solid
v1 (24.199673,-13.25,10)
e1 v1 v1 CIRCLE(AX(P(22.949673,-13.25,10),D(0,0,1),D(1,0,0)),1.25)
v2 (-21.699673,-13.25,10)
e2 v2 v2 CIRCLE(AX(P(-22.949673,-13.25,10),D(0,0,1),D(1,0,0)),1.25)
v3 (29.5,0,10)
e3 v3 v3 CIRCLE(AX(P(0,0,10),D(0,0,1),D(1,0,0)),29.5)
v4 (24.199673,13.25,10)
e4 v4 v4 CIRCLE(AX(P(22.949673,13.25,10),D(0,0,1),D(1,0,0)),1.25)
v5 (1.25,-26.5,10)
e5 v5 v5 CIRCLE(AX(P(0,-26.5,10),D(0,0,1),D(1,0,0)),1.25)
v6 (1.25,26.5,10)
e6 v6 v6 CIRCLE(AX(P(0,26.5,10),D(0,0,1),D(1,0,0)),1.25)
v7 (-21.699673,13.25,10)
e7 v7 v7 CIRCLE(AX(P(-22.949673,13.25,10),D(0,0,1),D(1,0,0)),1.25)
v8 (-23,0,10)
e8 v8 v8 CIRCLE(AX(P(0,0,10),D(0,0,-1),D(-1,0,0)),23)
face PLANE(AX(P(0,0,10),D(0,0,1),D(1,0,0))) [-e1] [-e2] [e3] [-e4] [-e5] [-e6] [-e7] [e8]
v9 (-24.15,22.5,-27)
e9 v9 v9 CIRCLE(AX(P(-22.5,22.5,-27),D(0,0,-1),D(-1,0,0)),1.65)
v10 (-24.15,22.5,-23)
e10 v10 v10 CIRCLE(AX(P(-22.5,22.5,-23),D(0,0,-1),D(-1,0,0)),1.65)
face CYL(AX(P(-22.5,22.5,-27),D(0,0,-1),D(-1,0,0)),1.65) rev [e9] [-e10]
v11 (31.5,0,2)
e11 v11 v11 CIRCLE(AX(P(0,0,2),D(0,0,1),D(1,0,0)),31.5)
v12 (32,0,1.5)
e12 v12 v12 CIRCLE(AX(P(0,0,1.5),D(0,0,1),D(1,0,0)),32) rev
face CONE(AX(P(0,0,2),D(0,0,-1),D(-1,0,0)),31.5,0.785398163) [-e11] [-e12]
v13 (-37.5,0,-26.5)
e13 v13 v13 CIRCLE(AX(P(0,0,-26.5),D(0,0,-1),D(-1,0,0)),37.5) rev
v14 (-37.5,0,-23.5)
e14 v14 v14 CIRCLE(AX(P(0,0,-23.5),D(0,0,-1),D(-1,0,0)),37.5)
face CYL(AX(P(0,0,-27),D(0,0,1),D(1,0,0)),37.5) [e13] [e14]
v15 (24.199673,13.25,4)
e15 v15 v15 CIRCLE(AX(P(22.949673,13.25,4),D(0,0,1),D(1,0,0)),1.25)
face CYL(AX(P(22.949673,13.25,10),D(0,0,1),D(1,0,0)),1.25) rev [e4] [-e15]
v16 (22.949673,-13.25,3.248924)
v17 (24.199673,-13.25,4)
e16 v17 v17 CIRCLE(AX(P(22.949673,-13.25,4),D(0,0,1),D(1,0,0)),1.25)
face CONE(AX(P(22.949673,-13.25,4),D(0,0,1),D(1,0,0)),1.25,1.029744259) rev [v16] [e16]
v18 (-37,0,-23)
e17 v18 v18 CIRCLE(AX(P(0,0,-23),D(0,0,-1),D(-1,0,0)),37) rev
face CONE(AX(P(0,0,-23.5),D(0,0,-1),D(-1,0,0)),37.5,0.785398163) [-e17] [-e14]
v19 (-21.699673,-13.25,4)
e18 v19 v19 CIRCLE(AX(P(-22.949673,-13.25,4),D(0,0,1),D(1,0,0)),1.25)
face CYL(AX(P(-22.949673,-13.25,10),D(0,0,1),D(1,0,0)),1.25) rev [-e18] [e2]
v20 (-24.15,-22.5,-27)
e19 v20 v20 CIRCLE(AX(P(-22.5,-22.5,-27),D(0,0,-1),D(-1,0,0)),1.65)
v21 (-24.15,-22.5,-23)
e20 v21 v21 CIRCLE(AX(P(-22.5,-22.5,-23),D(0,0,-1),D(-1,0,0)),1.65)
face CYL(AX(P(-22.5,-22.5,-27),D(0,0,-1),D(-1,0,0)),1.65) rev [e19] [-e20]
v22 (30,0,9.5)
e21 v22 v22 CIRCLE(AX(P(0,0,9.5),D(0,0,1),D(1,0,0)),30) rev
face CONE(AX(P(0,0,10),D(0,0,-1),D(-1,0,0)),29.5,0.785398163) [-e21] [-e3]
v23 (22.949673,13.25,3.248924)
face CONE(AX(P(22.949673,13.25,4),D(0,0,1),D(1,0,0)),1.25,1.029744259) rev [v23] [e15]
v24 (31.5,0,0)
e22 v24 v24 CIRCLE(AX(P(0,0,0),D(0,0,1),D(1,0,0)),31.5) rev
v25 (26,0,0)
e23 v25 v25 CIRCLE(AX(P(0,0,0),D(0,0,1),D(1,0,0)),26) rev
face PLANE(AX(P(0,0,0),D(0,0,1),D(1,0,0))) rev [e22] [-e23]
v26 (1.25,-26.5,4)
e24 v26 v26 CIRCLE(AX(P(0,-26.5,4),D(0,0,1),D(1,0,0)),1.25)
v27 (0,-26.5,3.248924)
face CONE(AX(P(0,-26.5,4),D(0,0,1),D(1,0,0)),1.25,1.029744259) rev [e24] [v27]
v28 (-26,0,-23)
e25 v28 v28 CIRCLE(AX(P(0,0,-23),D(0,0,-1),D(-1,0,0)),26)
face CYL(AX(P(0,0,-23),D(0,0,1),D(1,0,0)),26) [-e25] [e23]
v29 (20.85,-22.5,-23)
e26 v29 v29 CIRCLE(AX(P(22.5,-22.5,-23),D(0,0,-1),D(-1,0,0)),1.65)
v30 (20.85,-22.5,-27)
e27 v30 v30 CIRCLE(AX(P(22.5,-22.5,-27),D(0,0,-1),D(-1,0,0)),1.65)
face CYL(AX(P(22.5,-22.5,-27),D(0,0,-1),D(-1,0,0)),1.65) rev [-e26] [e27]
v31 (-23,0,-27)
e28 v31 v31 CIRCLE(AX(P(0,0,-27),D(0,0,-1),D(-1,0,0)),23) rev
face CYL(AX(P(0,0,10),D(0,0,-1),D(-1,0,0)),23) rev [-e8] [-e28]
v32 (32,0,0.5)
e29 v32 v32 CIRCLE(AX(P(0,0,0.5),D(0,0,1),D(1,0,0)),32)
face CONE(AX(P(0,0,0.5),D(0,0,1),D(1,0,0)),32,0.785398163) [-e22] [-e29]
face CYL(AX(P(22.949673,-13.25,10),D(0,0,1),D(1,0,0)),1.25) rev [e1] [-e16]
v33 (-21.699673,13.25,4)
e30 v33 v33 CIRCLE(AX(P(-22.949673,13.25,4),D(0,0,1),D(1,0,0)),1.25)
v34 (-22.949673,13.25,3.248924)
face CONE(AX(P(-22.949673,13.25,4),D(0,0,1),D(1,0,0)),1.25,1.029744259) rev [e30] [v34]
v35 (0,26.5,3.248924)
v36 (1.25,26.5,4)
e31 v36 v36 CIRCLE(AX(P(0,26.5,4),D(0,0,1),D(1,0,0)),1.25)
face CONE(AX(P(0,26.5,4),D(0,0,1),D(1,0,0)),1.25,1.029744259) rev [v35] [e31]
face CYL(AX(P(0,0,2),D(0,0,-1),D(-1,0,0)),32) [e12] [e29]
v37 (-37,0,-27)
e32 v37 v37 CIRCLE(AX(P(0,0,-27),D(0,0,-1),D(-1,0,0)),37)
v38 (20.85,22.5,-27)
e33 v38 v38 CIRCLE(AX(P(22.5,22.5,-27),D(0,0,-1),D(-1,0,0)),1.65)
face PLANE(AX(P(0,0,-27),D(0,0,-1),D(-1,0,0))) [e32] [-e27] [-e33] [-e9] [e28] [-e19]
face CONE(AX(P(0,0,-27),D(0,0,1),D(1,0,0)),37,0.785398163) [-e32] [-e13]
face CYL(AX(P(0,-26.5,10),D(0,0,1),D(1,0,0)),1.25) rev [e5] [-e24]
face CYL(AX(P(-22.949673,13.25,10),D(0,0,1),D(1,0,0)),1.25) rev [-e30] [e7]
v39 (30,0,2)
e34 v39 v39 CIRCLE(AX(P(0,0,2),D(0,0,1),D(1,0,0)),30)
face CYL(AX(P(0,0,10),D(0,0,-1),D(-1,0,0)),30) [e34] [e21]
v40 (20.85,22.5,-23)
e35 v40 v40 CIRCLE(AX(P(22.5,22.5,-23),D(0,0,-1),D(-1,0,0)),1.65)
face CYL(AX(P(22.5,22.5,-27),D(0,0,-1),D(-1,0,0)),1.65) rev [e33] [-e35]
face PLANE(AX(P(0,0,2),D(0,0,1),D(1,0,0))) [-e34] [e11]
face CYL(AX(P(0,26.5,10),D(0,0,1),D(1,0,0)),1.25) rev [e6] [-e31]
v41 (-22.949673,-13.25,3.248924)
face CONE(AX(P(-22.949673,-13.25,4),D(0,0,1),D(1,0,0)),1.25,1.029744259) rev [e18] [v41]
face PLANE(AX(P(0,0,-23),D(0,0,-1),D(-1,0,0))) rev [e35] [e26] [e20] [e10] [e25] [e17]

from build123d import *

# Parameters (mm, degrees)
SKETCH_1_R             = 32
EXTRUDE_1_DEPTH        = 2
SKETCH_2_R             = 30
EXTRUDE_2_DEPTH        = 8
SKETCH_3_R             = 23
CUT_EXTRUDE_1_DEPTH    = 11
SKETCH_4_R             = 26
SKETCH_4_R_2           = 23
EXTRUDE_3_DEPTH        = 23
SKETCH_5_R             = 37.5
SKETCH_5_R_2           = 1.75
SKETCH_5_R_3           = 26
SKETCH_5_R_4           = 23
EXTRUDE_4_DEPTH        = 4
HOLE_WIZARD_M4_3_D     = 3.3
HOLE_WIZARD_M4_3_DEPTH = 8.1
HOLE_WIZARD_M4_3_TIP   = 0.991420021
CHAMFER_1_SIZE         = 0.5
HOLE_WIZARD_M3_1_D     = 2.5
HOLE_WIZARD_M3_1_DEPTH = 6
HOLE_WIZARD_M3_1_TIP   = 0.751075774
CHAMFER_2_SIZE         = 0.5
CHAMFER_3_SIZE         = 0.5


with BuildPart() as part:
    # 草图1 → 凸台-拉伸1 (new body)
    with BuildSketch(Plane.XY):
        Circle(SKETCH_1_R)
    extrude(amount=EXTRUDE_1_DEPTH)

    # 草图2 → 凸台-拉伸2 (add)
    with BuildSketch(Plane.XY.offset(2)):
        Circle(SKETCH_2_R)
    extrude(amount=EXTRUDE_2_DEPTH)

    # 草图3 → 切除-拉伸1 (cut, through all)
    with BuildSketch(Plane(origin=(0, 0, 0), x_dir=(-1, 0, 0), z_dir=(0, 0, -1))):
        Circle(SKETCH_3_R)
    extrude(amount=-CUT_EXTRUDE_1_DEPTH, mode=Mode.SUBTRACT)

    # 草图4 → 凸台-拉伸3 (add)
    with BuildSketch(Plane(origin=(0, 0, 0), x_dir=(-1, 0, 0), z_dir=(0, 0, -1))):
        Circle(SKETCH_4_R)
        Circle(SKETCH_4_R_2, mode=Mode.SUBTRACT)
    extrude(amount=EXTRUDE_3_DEPTH)

    # 草图5 → 凸台-拉伸4 (add)
    with BuildSketch(Plane(origin=(0, 0, -23), x_dir=(-1, 0, 0), z_dir=(0, 0, -1))):
        Circle(SKETCH_5_R)
        with Locations((22.5, 22.5)):
            Circle(SKETCH_5_R_2, mode=Mode.SUBTRACT)
        with Locations((-22.5, 22.5)):
            Circle(SKETCH_5_R_2, mode=Mode.SUBTRACT)
        with Locations((-22.5, -22.5)):
            Circle(SKETCH_5_R_2, mode=Mode.SUBTRACT)
        with Locations((22.5, -22.5)):
            Circle(SKETCH_5_R_2, mode=Mode.SUBTRACT)
        Circle(SKETCH_5_R_3, mode=Mode.SUBTRACT)
        with Locations((22.5, 22.5)):
            Circle(SKETCH_5_R_2)
        with Locations((-22.5, 22.5)):
            Circle(SKETCH_5_R_2)
        with Locations((-22.5, -22.5)):
            Circle(SKETCH_5_R_2)
        with Locations((22.5, -22.5)):
            Circle(SKETCH_5_R_2)
        Circle(SKETCH_5_R_3)
        Circle(SKETCH_5_R_4, mode=Mode.SUBTRACT)
    extrude(amount=EXTRUDE_4_DEPTH)

    # M4 螺纹孔3
    with Locations(Plane(origin=(-22.5, -22.5, -27), x_dir=(-1, 0, 0), z_dir=(0, 0, -1))):
        with Locations((0, 0), (0, 45), (-45, 0), (-45, 45)):
            Hole(HOLE_WIZARD_M4_3_D / 2, depth=HOLE_WIZARD_M4_3_DEPTH)
            with Locations((0, 0, -(HOLE_WIZARD_M4_3_DEPTH + HOLE_WIZARD_M4_3_TIP / 2))):  # 118° drill point
                Cone(0, HOLE_WIZARD_M4_3_D / 2, HOLE_WIZARD_M4_3_TIP, mode=Mode.SUBTRACT)

    # 倒角1
    chamfer_1_edges = [part.edges().sort_by_distance(p)[0] for p in [
        (-32, 0, 0),
    ]]
    chamfer(chamfer_1_edges, length=CHAMFER_1_SIZE)

    # M3 螺纹孔1
    with Locations(Plane(origin=(0, -26.5, 10), x_dir=(1, 0, 0), z_dir=(0, 0, 1))):
        with Locations((0, 0), (22.9496732, 13.25), (22.9496732, 39.75), (0, 53), (-22.9496732, 39.75), (-22.9496732, 13.25)):
            Hole(HOLE_WIZARD_M3_1_D / 2, depth=HOLE_WIZARD_M3_1_DEPTH)
            with Locations((0, 0, -(HOLE_WIZARD_M3_1_DEPTH + HOLE_WIZARD_M3_1_TIP / 2))):  # 118° drill point
                Cone(0, HOLE_WIZARD_M3_1_D / 2, HOLE_WIZARD_M3_1_TIP, mode=Mode.SUBTRACT)

    # 倒角2
    chamfer_2_edges = [part.edges().sort_by_distance(p)[0] for p in [
        (37.5, 0, -23),
        (37.5, 0, -27),
    ]]
    chamfer(chamfer_2_edges, length=CHAMFER_2_SIZE)

    # 倒角3
    chamfer_3_edges = [part.edges().sort_by_distance(p)[0] for p in [
        (-32, 0, 2),
        (-30, 0, 10),
    ]]
    chamfer(chamfer_3_edges, length=CHAMFER_3_SIZE)


solid = part.part
